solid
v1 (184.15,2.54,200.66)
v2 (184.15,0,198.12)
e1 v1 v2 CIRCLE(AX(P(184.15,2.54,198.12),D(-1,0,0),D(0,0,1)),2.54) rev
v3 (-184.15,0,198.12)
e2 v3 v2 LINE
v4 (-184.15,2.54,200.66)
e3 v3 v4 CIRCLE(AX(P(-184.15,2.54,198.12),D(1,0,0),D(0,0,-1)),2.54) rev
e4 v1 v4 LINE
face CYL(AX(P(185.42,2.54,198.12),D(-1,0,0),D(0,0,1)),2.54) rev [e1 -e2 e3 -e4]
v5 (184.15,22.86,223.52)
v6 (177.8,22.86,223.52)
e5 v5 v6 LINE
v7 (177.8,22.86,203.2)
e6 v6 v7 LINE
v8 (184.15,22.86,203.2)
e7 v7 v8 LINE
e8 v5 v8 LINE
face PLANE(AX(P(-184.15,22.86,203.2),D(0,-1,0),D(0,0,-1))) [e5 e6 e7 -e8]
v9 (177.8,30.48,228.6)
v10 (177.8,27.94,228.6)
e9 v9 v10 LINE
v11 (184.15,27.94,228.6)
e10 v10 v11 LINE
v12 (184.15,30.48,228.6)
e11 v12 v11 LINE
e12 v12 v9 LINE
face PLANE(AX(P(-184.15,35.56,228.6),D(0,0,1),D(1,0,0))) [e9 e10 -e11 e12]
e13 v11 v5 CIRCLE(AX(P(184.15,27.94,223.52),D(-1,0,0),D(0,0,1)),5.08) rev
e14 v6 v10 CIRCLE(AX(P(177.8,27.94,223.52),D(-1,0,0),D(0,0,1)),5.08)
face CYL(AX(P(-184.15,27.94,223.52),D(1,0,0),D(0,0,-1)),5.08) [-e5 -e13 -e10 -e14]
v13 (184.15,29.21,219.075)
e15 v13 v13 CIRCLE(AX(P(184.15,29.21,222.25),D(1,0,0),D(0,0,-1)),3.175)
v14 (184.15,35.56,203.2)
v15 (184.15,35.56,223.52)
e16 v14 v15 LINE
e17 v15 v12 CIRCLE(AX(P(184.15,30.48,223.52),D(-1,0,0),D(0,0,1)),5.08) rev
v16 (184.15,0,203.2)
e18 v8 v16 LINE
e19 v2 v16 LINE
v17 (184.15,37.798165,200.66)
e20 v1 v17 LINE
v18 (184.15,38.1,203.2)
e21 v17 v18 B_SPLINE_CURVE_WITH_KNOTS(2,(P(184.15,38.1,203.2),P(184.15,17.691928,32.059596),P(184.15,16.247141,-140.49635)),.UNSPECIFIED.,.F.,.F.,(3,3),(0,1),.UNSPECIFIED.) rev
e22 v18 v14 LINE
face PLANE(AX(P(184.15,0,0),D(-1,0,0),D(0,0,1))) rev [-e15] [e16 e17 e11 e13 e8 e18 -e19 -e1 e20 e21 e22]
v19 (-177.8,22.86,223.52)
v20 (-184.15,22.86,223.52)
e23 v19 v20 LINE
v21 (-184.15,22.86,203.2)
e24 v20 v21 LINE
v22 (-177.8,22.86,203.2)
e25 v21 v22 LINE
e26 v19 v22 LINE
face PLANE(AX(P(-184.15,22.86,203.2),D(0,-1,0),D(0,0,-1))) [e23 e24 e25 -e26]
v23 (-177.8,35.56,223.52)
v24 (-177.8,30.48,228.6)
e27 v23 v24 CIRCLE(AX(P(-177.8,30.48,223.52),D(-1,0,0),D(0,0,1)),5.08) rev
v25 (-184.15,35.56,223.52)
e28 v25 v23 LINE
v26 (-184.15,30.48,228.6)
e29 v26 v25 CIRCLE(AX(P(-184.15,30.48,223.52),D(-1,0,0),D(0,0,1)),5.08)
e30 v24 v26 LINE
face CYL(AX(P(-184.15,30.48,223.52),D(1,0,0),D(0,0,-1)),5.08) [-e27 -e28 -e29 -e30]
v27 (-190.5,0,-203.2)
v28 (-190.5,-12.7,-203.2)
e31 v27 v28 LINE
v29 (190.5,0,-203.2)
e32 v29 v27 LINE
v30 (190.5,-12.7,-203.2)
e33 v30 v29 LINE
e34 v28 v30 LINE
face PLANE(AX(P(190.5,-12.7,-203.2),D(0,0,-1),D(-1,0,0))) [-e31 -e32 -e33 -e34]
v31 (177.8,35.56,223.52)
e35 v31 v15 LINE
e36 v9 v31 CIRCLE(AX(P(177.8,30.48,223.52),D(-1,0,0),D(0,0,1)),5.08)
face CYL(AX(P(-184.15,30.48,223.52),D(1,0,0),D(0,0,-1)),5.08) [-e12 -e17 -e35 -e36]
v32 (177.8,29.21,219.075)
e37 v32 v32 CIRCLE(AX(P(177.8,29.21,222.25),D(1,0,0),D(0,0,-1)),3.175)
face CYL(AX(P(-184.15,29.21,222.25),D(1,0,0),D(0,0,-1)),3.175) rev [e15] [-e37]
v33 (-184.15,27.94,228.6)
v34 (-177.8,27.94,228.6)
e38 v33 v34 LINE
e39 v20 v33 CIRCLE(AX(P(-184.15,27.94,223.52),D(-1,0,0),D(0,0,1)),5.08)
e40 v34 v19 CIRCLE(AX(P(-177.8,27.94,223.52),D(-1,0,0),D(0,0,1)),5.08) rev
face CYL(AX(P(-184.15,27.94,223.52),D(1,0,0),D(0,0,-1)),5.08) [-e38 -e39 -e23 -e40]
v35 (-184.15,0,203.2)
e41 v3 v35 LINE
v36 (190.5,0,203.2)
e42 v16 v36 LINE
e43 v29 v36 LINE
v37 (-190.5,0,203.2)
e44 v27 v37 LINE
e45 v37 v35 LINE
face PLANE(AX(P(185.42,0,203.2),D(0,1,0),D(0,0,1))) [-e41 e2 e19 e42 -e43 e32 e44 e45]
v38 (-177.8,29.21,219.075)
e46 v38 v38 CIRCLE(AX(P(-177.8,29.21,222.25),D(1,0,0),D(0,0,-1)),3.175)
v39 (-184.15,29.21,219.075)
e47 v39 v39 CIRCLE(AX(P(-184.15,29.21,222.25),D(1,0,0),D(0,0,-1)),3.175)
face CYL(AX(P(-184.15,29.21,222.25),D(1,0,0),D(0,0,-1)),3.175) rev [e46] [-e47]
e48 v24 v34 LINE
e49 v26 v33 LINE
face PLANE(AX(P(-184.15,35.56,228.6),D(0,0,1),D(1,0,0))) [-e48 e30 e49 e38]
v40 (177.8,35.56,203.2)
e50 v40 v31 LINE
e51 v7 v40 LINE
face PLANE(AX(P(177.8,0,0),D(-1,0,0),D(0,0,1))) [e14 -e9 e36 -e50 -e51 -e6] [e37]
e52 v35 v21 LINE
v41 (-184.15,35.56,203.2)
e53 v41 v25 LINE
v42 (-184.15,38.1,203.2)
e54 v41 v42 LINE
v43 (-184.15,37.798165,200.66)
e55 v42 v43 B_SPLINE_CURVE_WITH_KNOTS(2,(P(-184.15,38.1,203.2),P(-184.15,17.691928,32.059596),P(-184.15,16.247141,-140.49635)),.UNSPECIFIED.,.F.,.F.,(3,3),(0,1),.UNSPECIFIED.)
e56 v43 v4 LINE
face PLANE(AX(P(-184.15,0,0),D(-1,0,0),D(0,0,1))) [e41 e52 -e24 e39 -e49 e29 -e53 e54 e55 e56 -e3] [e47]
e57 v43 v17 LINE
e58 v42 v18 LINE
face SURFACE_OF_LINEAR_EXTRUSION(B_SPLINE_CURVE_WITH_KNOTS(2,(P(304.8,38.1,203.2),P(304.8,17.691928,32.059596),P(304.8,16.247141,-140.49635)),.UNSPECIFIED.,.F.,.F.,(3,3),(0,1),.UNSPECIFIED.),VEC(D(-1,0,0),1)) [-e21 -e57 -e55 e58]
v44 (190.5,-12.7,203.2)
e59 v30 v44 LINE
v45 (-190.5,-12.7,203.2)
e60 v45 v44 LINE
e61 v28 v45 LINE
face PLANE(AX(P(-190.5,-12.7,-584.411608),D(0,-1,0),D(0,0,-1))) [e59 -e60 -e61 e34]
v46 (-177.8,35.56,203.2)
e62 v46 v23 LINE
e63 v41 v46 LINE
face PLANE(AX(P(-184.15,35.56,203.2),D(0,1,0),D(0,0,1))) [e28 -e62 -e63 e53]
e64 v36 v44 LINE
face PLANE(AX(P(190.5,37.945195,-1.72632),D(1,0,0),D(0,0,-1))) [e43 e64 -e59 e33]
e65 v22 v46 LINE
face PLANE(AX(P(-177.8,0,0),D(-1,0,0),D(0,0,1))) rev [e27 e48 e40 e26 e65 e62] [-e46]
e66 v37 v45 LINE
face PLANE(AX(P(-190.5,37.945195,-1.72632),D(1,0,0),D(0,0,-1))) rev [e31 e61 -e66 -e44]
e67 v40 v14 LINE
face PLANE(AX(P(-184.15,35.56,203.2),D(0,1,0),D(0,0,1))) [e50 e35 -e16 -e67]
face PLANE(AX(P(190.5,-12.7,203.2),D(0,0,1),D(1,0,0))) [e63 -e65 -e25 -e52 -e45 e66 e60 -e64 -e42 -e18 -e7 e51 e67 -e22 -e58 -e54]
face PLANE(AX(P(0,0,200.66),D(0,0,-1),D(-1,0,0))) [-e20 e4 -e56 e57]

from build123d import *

# Parameters (mm, degrees)
SKETCH1_W                = 381
SKETCH1_H                = 406.4
BOSS_EXTRUDE1_DEPTH      = 12.7
CUT_EXTRUDE1_DEPTH       = 530.86
BOSS_EXTRUDE2_DEPTH      = 190.5
BOSS_EXTRUDE2_DEPTH_BACK = 190.5
CUT_EXTRUDE2_DEPTH       = 185.42
CUT_EXTRUDE2_DEPTH_BACK  = 185.42
SKETCH9_W                = 370.84
SKETCH9_H                = 38.1
BOSS_EXTRUDE3_DEPTH      = 203.2
SKETCH9_2_W              = 370.84
SKETCH9_2_H              = 38.1
CUT_EXTRUDE3_DEPTH       = 200.66
FILLET12_R               = 2.54
SKETCH20_W               = 381
SKETCH20_H               = 12.7
BOSS_EXTRUDE5_DEPTH      = 406.4
CUT_EXTRUDE10_DEPTH      = 304.8
CUT_EXTRUDE10_DEPTH_BACK = 259.334
SKETCH27_W               = 25.4
SKETCH27_H               = 12.7
SKETCH27_R               = 3.175
BOSS_EXTRUDE6_DEPTH      = 184.15
BOSS_EXTRUDE6_DEPTH_BACK = 184.15
SKETCH27_2_W             = 25.4
SKETCH27_2_H             = 12.7
SKETCH27_2_R             = 3.175
CUT_EXTRUDE11_DEPTH      = 177.8
CUT_EXTRUDE11_DEPTH_BACK = 177.8
FILLET14_R               = 5.08
SKETCH29_W               = 6.35
SKETCH29_H               = 38.1
CUT_EXTRUDE12_DEPTH      = 229.6
CUT_EXTRUDE12_DEPTH_BACK = 204.2000001


with BuildPart() as part:
    # Sketch1 → Boss-Extrude1 (new body)
    with BuildSketch(Plane(origin=(0, 0, 0), x_dir=(1, 0, 0), z_dir=(0, 1, 0))):
        Rectangle(SKETCH1_W, SKETCH1_H)
    extrude(amount=-BOSS_EXTRUDE1_DEPTH)

    # Sketch5 → Cut-Extrude1 (cut)
    with BuildSketch(Plane(origin=(0, 0, -203.2), x_dir=(-1, 0, 0), z_dir=(0, 0, -1))):
        Polygon((190.5, 0), (0, -12.7), (190.5, -12.7), align=None)
        Polygon((0, -12.7), (-190.5, 0), (-190.5, -12.7), align=None)
    extrude(amount=-CUT_EXTRUDE1_DEPTH, mode=Mode.SUBTRACT)

    # Sketch6 → Boss-Extrude2 (add, two sides)
    with BuildSketch(Plane(origin=(0, 0, 0), x_dir=(0, 0, -1), z_dir=(1, 0, 0))) as boss_extrude2_sk:
        with BuildLine():
            Line((-203.2, 0), (-203.2, 38.1))
            add(Edge.make_bspline(
                [(-203.2, 38.1), (-139.671233151, 43.854392756), (-4.575804842, 44.131584557), (127.011271564, 22.260123732), (203.2, 0)],
                knots=[0, 0, 0, 0, 0.446112954, 1, 1, 1, 1], degree=3))
            Line((203.2, 0), (-203.2, 0))
        make_face()
    extrude(amount=BOSS_EXTRUDE2_DEPTH)
    extrude(boss_extrude2_sk.sketch, amount=-BOSS_EXTRUDE2_DEPTH_BACK)

    # Sketch6<2> → Cut-Extrude2 (cut, two sides)
    with BuildSketch(Plane(origin=(0, 0, 0), x_dir=(0, 0, -1), z_dir=(1, 0, 0))) as cut_extrude2_sk:
        with BuildLine():
            Line((-203.2, 0), (-203.2, 38.1))
            add(Edge.make_bspline(
                [(-203.2, 38.1), (-139.671233151, 43.854392756), (-4.575804842, 44.131584557), (127.011271564, 22.260123732), (203.2, 0)],
                knots=[0, 0, 0, 0, 0.446112954, 1, 1, 1, 1], degree=3))
            Line((203.2, 0), (-203.2, 0))
        make_face()
    extrude(amount=CUT_EXTRUDE2_DEPTH, mode=Mode.SUBTRACT)
    extrude(cut_extrude2_sk.sketch, amount=-CUT_EXTRUDE2_DEPTH_BACK, mode=Mode.SUBTRACT)

    # Sketch9 → Boss-Extrude3 (add)
    with BuildSketch(Plane.XY):
        with Locations((0, 19.05)):
            Rectangle(SKETCH9_W, SKETCH9_H)
    extrude(amount=BOSS_EXTRUDE3_DEPTH)

    # Sketch9<2> → Cut-Extrude3 (cut)
    with BuildSketch(Plane.XY):
        with Locations((0, 19.05)):
            Rectangle(SKETCH9_2_W, SKETCH9_2_H)
    extrude(amount=CUT_EXTRUDE3_DEPTH, mode=Mode.SUBTRACT)

    # Fillet12
    fillet12_edges = [part.edges().sort_by_distance(p)[0] for p in [
        (0, 0, 200.66),
    ]]
    fillet(fillet12_edges, radius=FILLET12_R)

    # Sketch20 → Boss-Extrude5 (add)
    with BuildSketch(Plane.XY.offset(203.2)):
        with Locations((0, -6.35)):
            Rectangle(SKETCH20_W, SKETCH20_H)
    extrude(amount=-BOSS_EXTRUDE5_DEPTH)

    # Sketch21 → Cut-Extrude10 (cut, two sides)
    with BuildSketch(Plane(origin=(0, 0, 0), x_dir=(0, 0, -1), z_dir=(1, 0, 0))) as cut_extrude10_sk:
        with BuildLine():
            Line((-203.2, 38.1), (-203.2, 89.275464314))
            Line((-203.2, 89.275464314), (140.49634993, 63.687732157))
            Line((140.49634993, 63.687732157), (140.49634993, 16.247140788))
            add(Edge.make_bspline(
                [(-203.2, 38.1), (-32.059595942, 17.691928411), (140.49634993, 16.247140788)],
                knots=[0, 0, 0, 1, 1, 1], degree=2))
        make_face()
    extrude(amount=CUT_EXTRUDE10_DEPTH, mode=Mode.SUBTRACT)
    extrude(cut_extrude10_sk.sketch, amount=-CUT_EXTRUDE10_DEPTH_BACK, mode=Mode.SUBTRACT)

    # Sketch27 → Boss-Extrude6 (add, two sides)
    with BuildSketch(Plane(origin=(0, 0, 0), x_dir=(0, 0, -1), z_dir=(1, 0, 0))) as boss_extrude6_sk:
        with Locations((-215.9, 29.21)):
            Rectangle(SKETCH27_W, SKETCH27_H)
        with Locations((-222.25, 29.21)):
            Circle(SKETCH27_R, mode=Mode.SUBTRACT)
    extrude(amount=BOSS_EXTRUDE6_DEPTH)
    extrude(boss_extrude6_sk.sketch, amount=-BOSS_EXTRUDE6_DEPTH_BACK)

    # Sketch27<2> → Cut-Extrude11 (cut, two sides)
    with BuildSketch(Plane(origin=(0, 0, 0), x_dir=(0, 0, -1), z_dir=(1, 0, 0))) as cut_extrude11_sk:
        with Locations((-215.9, 29.21)):
            Rectangle(SKETCH27_2_W, SKETCH27_2_H)
        with Locations((-222.25, 29.21)):
            Circle(SKETCH27_2_R, mode=Mode.SUBTRACT)
    extrude(amount=CUT_EXTRUDE11_DEPTH, mode=Mode.SUBTRACT)
    extrude(cut_extrude11_sk.sketch, amount=-CUT_EXTRUDE11_DEPTH_BACK, mode=Mode.SUBTRACT)

    # Fillet14
    fillet14_edges = [part.edges().sort_by_distance(p)[0] for p in [
        (-180.975, 22.86, 228.6),
        (-180.975, 35.56, 228.6),
        (180.975, 35.56, 228.6),
        (180.975, 22.86, 228.6),
    ]]
    fillet(fillet14_edges, radius=FILLET14_R)

    # Sketch29 → Cut-Extrude12 (cut, two sides)
    with BuildSketch(Plane.XY) as cut_extrude12_sk:
        with Locations((-187.325, 19.05)):
            Rectangle(SKETCH29_W, SKETCH29_H)
        with Locations((187.325, 19.05)):
            Rectangle(SKETCH29_W, SKETCH29_H)
    extrude(amount=CUT_EXTRUDE12_DEPTH, mode=Mode.SUBTRACT)
    extrude(cut_extrude12_sk.sketch, amount=-CUT_EXTRUDE12_DEPTH_BACK, mode=Mode.SUBTRACT)


solid = part.part
